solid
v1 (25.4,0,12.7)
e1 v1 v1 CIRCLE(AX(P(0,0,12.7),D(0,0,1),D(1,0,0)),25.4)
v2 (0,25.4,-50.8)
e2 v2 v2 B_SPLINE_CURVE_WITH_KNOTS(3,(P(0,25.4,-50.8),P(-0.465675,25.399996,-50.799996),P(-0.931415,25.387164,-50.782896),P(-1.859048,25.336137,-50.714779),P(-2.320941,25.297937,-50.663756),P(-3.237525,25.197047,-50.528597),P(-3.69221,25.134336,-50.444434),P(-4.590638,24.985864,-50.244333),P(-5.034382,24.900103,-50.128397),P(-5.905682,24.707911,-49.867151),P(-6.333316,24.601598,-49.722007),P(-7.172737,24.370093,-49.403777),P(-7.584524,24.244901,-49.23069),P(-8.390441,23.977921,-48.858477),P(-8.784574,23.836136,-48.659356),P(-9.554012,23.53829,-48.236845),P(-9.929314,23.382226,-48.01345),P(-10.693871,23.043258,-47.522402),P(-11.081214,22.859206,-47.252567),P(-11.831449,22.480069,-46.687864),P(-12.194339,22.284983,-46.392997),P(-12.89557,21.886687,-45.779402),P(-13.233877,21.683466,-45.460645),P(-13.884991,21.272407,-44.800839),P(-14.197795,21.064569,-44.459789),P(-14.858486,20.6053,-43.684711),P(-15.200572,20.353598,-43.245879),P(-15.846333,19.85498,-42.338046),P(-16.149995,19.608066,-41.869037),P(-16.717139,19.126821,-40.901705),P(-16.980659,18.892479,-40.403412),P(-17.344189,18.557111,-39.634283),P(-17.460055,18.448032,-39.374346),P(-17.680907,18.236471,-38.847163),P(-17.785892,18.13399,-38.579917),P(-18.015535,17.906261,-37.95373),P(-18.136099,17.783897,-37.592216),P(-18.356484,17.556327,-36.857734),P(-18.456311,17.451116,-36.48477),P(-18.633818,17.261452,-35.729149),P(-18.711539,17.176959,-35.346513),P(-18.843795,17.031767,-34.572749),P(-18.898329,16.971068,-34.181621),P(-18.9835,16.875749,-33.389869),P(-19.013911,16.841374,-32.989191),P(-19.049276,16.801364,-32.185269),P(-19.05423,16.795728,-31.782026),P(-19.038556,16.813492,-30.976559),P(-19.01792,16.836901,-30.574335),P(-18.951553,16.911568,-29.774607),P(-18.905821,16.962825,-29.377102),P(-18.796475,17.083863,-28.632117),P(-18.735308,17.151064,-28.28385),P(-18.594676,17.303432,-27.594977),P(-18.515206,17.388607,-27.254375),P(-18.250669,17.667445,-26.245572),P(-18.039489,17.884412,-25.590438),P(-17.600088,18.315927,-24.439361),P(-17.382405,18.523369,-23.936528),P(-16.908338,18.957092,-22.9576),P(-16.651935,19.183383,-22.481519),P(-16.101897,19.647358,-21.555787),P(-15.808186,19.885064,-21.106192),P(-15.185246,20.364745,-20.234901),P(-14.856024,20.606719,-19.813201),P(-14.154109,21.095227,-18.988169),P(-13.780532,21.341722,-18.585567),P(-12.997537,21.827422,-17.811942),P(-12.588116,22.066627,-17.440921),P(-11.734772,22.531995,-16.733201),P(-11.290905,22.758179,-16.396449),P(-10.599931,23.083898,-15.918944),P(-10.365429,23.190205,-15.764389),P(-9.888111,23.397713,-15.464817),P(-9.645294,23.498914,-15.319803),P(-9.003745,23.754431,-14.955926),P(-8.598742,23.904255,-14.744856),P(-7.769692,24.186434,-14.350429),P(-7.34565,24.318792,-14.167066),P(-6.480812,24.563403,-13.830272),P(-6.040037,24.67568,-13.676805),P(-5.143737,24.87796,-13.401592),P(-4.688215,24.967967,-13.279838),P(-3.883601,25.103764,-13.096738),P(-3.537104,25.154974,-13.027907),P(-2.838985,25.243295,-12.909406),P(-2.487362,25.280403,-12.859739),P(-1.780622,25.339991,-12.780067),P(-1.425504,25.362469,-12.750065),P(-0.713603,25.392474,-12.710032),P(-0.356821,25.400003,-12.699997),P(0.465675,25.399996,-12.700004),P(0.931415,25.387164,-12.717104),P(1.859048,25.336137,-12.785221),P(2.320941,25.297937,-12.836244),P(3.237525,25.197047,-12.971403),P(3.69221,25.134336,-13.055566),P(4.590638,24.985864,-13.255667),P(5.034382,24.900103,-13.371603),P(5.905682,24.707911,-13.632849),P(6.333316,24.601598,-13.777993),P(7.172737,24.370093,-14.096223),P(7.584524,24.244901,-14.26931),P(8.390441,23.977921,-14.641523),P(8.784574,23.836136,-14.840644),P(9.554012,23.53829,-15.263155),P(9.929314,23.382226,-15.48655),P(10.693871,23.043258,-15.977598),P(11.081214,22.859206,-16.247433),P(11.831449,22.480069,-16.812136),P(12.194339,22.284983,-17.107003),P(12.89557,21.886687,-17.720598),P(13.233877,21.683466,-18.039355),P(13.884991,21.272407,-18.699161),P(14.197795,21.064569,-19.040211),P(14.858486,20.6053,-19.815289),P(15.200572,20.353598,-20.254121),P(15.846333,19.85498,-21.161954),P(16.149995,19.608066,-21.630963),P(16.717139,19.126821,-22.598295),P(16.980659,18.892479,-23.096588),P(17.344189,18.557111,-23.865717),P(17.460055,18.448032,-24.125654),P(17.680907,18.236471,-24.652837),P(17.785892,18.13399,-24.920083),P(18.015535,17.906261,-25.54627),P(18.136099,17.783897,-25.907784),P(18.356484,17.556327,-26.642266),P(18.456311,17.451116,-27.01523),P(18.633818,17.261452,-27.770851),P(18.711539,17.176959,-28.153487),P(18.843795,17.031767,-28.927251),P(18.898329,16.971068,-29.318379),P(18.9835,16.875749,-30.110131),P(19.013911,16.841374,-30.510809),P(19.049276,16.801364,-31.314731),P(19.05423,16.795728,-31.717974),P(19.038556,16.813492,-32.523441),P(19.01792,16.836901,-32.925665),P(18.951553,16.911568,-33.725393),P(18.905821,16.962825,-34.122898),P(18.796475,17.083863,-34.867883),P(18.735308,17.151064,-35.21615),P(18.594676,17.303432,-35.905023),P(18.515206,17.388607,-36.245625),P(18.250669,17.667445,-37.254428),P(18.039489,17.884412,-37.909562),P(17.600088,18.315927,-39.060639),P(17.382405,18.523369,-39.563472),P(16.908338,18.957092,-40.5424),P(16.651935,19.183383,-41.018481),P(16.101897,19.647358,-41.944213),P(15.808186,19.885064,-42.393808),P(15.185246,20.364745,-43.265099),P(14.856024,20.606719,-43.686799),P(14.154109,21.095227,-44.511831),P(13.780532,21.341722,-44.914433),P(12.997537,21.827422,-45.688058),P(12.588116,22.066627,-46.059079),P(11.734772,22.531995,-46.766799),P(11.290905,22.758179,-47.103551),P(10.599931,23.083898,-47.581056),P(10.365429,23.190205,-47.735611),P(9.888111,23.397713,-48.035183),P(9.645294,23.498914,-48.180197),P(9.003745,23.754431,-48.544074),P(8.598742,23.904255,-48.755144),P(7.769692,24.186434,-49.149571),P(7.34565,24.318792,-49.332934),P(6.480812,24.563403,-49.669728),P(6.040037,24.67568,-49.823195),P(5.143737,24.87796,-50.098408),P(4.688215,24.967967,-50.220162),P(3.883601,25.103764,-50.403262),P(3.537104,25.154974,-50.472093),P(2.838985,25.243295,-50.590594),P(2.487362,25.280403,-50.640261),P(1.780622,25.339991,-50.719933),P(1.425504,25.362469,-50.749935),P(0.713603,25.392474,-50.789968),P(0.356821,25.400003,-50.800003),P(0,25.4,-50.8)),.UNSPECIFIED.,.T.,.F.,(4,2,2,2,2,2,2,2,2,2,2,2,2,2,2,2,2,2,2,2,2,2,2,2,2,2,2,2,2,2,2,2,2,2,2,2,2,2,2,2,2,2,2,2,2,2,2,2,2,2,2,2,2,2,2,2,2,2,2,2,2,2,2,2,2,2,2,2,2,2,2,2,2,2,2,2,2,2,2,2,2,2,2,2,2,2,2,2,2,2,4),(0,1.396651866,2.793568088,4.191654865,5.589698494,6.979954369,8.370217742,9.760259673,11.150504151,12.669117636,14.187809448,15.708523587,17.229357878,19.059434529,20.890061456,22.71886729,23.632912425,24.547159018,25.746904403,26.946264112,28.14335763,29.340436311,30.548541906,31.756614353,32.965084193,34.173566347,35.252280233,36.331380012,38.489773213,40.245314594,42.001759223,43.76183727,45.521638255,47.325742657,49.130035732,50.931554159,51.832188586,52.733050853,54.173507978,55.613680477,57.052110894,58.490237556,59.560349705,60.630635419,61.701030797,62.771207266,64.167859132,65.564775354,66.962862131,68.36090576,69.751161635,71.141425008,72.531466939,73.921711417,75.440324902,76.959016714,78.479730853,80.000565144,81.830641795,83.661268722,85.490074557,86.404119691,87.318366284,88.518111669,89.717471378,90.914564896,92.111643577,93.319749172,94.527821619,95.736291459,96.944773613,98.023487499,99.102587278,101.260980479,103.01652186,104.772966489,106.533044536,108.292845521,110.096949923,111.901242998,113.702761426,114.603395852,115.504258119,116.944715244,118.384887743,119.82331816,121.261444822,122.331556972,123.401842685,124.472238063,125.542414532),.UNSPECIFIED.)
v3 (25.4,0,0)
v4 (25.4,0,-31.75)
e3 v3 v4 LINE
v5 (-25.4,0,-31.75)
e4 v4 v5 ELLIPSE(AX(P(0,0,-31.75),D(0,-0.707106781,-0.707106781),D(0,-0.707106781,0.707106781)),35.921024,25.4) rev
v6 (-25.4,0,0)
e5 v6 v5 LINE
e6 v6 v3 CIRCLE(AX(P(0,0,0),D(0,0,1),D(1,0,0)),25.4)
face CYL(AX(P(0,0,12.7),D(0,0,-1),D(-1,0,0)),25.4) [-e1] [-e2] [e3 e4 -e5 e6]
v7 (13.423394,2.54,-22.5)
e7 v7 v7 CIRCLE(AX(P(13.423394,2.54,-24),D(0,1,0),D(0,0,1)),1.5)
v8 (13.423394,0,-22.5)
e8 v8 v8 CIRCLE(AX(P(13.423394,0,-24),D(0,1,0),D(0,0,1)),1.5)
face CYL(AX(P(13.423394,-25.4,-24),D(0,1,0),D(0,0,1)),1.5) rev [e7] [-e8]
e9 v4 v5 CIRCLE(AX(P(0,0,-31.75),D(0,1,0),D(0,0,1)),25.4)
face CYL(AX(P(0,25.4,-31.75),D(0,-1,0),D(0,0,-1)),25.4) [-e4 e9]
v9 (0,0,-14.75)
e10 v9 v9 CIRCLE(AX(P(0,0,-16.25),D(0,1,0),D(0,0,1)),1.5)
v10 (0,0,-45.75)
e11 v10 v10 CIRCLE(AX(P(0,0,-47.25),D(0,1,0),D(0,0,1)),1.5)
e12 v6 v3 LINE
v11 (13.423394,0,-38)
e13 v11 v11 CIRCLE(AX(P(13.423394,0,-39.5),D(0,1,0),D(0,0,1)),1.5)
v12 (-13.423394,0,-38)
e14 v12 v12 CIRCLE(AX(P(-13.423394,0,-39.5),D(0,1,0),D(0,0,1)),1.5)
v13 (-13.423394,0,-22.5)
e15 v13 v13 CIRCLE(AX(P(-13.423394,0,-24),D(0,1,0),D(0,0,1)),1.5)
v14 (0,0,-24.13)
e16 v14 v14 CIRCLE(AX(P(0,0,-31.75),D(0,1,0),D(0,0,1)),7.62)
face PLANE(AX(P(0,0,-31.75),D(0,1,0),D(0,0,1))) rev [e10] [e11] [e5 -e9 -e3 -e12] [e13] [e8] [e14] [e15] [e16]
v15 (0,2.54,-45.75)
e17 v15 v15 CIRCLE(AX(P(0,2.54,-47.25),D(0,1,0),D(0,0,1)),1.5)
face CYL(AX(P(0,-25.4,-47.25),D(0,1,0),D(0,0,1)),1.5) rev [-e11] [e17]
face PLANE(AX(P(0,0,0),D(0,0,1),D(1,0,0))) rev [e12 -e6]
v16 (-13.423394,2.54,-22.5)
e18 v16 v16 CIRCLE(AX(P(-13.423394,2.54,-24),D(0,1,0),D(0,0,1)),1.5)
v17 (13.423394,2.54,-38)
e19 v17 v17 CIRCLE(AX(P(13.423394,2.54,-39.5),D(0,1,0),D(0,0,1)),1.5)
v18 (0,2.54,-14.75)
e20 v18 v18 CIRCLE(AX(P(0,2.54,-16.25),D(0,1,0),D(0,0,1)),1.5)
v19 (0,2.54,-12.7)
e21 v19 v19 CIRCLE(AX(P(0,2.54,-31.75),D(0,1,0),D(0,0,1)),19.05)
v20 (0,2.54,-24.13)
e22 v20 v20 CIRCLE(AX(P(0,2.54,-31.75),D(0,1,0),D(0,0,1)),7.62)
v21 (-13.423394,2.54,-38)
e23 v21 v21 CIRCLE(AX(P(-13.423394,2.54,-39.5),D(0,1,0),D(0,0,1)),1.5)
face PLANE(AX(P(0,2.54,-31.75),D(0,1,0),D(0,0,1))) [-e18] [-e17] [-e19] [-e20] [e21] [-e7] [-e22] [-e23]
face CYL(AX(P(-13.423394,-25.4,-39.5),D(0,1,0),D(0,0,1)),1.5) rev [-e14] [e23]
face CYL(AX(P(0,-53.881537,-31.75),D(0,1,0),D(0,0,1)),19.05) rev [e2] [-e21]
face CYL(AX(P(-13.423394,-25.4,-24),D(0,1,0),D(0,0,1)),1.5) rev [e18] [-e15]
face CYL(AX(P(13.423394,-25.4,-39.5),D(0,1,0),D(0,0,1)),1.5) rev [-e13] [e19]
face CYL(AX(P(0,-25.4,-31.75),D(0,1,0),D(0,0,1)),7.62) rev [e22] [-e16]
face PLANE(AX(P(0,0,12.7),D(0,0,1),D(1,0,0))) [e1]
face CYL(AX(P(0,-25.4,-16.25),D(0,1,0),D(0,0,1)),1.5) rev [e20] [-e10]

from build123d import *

# Parameters (mm, degrees)
SKETCH1_R           = 25.4
BOSS_EXTRUDE1_DEPTH = 12.7
SKETCH2_R           = 25.4
SKETCH2_W           = 50.8
SKETCH2_H           = 31.75
BOSS_EXTRUDE2_DEPTH = 25.4
SKETCH4_R           = 19.05
CUT_EXTRUDE2_DEPTH  = 22.86
CUT_EXTRUDE1_DEPTH  = 68.501425911
SKETCH5_R           = 7.62
SKETCH5_R_2         = 1.5
CUT_EXTRUDE3_DEPTH  = 69.497635846


with BuildPart() as part:
    # Sketch1 → Boss-Extrude1 (new body)
    with BuildSketch(Plane.XY):
        Circle(SKETCH1_R)
    extrude(amount=BOSS_EXTRUDE1_DEPTH)

    # Sketch2 → Boss-Extrude2 (add)
    with BuildSketch(Plane(origin=(0, 0, 0), x_dir=(1, 0, 0), z_dir=(0, 1, 0))):
        with Locations((0, 31.75)):
            Circle(SKETCH2_R)
        with Locations((0, 15.875)):
            Rectangle(SKETCH2_W, SKETCH2_H)
    extrude(amount=BOSS_EXTRUDE2_DEPTH)

    # Sketch4 → Cut-Extrude2 (cut)
    with BuildSketch(Plane.XZ.offset(-25.4)):
        with Locations(Location((0, -31.75, 0), (0, 0, 90))):
            Circle(SKETCH4_R)
    extrude(amount=CUT_EXTRUDE2_DEPTH, mode=Mode.SUBTRACT)

    # Sketch3 → Cut-Extrude1 (cut, through all)
    with BuildSketch(Plane.XY):
        with BuildLine():
            ThreePointArc((0, 25.4), (17.960512242, 17.960512242), (25.4, 0))
            Line((25.4, 0), (25.4, 25.4))
            Line((25.4, 25.4), (0, 25.4))
        make_face()
        with BuildLine():
            ThreePointArc((-25.4, 0), (-17.960512242, 17.960512242), (0, 25.4))
            Line((0, 25.4), (-25.4, 25.4))
            Line((-25.4, 25.4), (-25.4, 0))
        make_face()
    extrude(amount=-CUT_EXTRUDE1_DEPTH, mode=Mode.SUBTRACT)

    # Sketch5 → Cut-Extrude3 (cut, through all)
    with BuildSketch(Plane(origin=(0, 2.54, 0), x_dir=(1, 0, 0), z_dir=(0, 1, 0))):
        with Locations(Location((0, 31.75, 0), (0, 0, 270))):
            Circle(SKETCH5_R)
        with Locations(Location((0, 47.249999988, 0), (0, 0, 270))):
            Circle(SKETCH5_R_2)
        with Locations(Location((13.423393748, 39.499999994, 0), (0, 0, 270))):
            Circle(SKETCH5_R_2)
        with Locations(Location((13.423393748, 24.000000006, 0), (0, 0, 270))):
            Circle(SKETCH5_R_2)
        with Locations(Location((0, 16.250000012, 0), (0, 0, 270))):
            Circle(SKETCH5_R_2)
        with Locations(Location((-13.423393748, 24.000000006, 0), (0, 0, 270))):
            Circle(SKETCH5_R_2)
        with Locations(Location((-13.423393748, 39.499999994, 0), (0, 0, 270))):
            Circle(SKETCH5_R_2)
    extrude(amount=-CUT_EXTRUDE3_DEPTH, mode=Mode.SUBTRACT)


solid = part.part
